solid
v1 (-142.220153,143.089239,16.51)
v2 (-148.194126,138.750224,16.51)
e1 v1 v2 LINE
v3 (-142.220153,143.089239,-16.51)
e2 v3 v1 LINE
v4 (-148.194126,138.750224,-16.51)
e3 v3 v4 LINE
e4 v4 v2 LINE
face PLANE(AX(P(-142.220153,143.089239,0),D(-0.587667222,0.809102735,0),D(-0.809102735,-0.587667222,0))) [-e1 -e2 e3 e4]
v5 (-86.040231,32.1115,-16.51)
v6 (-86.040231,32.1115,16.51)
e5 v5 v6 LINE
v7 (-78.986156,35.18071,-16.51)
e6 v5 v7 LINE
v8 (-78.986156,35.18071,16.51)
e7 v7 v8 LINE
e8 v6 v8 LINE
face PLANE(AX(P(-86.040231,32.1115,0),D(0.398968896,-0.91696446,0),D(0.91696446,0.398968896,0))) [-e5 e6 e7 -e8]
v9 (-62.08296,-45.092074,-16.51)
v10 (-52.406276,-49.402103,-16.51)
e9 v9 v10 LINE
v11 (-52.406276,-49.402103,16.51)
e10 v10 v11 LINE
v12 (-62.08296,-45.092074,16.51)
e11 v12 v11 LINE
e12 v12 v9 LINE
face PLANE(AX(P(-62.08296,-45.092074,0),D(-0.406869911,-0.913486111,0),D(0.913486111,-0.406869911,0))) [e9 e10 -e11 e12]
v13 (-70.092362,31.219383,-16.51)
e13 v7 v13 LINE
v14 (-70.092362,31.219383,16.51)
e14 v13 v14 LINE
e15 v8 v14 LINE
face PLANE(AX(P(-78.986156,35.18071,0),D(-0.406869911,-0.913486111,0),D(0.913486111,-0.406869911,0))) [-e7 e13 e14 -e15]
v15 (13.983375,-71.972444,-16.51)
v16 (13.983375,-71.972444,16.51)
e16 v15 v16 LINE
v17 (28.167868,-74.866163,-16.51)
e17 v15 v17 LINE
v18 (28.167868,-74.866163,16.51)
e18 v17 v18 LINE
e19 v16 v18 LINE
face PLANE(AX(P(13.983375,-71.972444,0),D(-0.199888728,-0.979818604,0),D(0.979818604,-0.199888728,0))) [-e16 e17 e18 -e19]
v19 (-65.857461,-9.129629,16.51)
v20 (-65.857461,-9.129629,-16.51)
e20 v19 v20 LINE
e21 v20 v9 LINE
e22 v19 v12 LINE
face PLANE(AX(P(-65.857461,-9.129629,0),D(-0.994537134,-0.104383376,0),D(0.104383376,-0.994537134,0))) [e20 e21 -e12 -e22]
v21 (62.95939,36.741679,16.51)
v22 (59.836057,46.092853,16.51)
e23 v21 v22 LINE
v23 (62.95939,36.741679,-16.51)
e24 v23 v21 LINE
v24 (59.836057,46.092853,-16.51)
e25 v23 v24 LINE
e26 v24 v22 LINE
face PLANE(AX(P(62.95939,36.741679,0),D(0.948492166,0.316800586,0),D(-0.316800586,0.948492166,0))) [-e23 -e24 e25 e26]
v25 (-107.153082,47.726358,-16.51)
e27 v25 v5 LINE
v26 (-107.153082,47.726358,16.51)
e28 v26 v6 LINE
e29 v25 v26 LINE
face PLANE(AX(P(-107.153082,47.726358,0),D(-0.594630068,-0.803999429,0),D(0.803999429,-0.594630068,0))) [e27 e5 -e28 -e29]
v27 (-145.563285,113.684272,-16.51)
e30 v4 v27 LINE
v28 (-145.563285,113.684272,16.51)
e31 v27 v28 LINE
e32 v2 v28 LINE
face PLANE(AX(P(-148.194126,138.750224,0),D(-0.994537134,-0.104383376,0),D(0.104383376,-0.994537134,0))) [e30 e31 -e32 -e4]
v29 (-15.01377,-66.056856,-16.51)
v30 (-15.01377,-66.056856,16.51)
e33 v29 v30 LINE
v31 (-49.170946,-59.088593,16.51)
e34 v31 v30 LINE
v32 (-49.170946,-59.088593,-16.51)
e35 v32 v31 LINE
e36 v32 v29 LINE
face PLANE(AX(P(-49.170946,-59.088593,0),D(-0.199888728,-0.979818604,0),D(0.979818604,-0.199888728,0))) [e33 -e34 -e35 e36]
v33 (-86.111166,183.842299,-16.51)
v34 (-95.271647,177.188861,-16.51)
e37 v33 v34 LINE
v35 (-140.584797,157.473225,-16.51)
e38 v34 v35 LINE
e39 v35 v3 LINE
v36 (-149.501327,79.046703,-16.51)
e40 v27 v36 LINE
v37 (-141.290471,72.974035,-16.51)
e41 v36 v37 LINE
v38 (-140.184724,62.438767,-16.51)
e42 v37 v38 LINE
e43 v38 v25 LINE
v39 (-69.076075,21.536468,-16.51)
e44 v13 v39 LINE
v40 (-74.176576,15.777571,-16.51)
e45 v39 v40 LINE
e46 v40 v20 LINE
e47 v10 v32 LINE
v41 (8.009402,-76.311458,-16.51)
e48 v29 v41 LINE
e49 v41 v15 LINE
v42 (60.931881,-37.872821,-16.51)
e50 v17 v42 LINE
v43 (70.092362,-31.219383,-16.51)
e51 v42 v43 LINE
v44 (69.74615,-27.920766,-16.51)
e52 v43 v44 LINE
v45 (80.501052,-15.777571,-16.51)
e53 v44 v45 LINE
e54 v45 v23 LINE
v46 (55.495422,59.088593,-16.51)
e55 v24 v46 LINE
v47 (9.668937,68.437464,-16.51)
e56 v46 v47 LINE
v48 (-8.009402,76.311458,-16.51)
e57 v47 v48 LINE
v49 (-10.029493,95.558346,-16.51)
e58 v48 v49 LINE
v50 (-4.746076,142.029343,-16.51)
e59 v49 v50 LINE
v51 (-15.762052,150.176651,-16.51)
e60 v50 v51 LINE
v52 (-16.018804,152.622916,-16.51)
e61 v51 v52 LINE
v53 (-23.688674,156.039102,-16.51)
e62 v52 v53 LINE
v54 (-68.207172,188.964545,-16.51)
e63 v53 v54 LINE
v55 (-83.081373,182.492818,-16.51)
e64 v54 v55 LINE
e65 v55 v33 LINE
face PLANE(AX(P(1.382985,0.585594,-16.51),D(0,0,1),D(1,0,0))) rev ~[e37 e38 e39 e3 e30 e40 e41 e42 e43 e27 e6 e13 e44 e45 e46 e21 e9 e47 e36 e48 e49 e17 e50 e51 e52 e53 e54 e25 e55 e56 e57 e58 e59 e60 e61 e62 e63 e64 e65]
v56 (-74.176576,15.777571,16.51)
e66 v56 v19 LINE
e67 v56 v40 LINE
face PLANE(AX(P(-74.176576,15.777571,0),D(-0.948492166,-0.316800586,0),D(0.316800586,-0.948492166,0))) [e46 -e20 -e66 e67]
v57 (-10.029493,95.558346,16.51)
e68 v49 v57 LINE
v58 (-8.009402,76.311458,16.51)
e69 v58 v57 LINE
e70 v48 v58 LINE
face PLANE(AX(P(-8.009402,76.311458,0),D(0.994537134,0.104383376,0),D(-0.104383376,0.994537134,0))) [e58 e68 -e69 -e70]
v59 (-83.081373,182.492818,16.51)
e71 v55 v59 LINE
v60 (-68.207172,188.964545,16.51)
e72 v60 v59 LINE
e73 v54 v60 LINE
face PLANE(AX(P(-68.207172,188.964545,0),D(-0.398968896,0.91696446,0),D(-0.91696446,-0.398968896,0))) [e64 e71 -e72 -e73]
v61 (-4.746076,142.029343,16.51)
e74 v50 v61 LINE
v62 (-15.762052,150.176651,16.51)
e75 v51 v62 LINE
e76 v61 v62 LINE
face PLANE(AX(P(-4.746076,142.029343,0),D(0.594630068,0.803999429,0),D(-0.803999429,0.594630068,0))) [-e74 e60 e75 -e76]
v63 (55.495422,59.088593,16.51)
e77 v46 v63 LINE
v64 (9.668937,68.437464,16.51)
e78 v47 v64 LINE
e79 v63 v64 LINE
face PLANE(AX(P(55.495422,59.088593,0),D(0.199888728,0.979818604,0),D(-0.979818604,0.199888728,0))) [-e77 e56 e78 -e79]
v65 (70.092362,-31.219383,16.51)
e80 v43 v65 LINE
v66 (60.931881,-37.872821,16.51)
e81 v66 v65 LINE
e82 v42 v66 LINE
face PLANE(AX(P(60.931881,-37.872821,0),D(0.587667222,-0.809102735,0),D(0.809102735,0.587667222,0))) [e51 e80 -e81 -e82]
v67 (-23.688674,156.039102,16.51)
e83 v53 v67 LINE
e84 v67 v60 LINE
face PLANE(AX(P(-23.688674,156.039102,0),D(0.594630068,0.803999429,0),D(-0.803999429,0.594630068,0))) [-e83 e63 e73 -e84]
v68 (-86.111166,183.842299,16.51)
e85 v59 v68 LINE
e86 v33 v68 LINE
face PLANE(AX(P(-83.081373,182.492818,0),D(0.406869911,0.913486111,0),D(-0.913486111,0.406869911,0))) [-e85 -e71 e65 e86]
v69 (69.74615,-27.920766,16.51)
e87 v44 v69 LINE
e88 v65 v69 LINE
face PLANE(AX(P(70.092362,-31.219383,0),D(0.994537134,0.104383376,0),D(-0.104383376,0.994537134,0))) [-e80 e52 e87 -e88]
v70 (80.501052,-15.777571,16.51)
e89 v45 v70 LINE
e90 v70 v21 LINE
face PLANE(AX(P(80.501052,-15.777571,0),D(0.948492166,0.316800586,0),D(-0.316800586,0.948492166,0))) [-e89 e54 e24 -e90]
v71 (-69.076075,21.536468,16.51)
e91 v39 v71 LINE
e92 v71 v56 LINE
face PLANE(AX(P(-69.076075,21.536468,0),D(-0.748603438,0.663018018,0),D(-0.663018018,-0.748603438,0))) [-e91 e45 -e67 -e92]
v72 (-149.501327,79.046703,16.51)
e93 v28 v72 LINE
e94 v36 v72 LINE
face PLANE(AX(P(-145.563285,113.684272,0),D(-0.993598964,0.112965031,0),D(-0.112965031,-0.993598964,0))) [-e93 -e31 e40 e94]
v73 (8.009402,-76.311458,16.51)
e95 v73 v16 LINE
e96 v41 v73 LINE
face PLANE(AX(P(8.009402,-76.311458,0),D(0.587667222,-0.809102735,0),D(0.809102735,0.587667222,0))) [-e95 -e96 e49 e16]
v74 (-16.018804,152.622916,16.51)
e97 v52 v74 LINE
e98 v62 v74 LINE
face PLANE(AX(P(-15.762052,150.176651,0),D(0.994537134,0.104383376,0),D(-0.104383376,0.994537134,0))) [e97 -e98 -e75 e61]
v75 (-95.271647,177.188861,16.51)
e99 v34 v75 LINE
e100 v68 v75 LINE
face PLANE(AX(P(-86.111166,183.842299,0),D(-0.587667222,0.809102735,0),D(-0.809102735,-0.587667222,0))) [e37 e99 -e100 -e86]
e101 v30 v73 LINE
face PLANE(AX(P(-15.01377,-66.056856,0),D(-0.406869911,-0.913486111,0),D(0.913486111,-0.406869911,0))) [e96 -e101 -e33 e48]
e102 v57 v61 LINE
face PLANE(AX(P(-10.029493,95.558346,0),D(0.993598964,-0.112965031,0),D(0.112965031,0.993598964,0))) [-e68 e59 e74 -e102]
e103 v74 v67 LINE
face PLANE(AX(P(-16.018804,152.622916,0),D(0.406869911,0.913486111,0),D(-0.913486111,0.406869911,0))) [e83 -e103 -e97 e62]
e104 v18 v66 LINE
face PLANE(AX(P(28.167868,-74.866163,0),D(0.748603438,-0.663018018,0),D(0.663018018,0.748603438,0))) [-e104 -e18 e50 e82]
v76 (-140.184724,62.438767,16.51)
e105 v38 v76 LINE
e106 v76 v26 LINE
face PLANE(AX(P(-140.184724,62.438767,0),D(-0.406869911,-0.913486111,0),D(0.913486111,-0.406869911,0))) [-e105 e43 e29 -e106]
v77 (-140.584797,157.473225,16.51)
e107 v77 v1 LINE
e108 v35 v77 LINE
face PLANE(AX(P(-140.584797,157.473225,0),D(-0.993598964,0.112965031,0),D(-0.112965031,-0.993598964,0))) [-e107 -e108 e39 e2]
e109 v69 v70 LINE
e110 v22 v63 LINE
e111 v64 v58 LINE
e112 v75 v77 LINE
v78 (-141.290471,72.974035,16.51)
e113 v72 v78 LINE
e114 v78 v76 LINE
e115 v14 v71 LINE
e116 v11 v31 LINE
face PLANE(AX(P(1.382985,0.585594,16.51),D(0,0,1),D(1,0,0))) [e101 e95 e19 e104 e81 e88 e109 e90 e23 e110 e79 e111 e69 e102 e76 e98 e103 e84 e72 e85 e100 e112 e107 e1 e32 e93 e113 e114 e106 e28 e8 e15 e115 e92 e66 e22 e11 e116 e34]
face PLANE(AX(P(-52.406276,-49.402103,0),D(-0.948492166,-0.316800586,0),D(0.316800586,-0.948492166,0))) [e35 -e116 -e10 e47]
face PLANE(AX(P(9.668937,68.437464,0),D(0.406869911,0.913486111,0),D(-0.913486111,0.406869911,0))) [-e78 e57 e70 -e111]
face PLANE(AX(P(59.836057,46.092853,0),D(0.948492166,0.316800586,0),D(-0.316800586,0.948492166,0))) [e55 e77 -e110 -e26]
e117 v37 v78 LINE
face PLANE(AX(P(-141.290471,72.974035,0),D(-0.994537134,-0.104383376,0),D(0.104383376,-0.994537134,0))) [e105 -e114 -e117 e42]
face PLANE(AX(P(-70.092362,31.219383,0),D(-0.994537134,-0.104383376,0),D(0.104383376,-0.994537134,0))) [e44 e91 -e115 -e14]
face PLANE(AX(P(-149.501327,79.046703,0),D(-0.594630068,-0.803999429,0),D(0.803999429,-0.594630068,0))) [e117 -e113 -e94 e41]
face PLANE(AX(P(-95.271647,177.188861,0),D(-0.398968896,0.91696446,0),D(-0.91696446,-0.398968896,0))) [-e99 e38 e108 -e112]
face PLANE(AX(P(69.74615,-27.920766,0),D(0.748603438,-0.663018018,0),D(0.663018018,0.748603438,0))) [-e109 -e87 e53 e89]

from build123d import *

# Parameters (mm, degrees)
F1_DEPTH = 16.51


with BuildPart() as f1:
    # F0 (on Top) → F1 (new body, symmetric)
    with BuildSketch(Plane.XY):
        Polygon((-43.2022629814, 50.7501908872), (-69.0760747511, 21.5364682934), (-65.8574610849, -9.12962939), (-52.4062764106, -49.4021031564), (-15.0137703335, -66.056856252), (13.9833751011, -71.9724435679), (60.931880822, -37.8728209036), (69.7461497786, -27.9207655027), (62.9593903875, 36.7416786496), (59.8360567226, 46.0928529982), (9.6689373355, 68.4374635784), (-12.5965162954, 72.9797463827), (-13.6626050694, 63.6028206506), align=None)
        Polygon((-78.9861560003, 35.1807103661), (-43.2022629814, 50.7501908872), (-21.8433921577, 74.8661631573), (-12.5965162954, 72.9797463827), (-10.0294925226, 95.5583457063), (-15.7620518159, 150.1766508204), (-23.6886737819, 156.0391024482), (-83.0813727841, 182.4928184823), (-95.2716468802, 177.1888613364), (-142.220152601, 143.089238672), (-145.5632851016, 113.6842717152), (-141.2904713377, 72.9740349935), (-107.1530824622, 47.7263580079), align=None)
        Polygon((-83.0813727841, 182.4928184823), (-23.6886737819, 156.0391024482), (-68.2071715749, 188.9645454649), align=None)
        Polygon((-15.0137703335, -66.056856252), (-52.4062764106, -49.4021031564), (-49.1709460267, -59.0885925748), align=None)
        Polygon((-149.5013266736, 79.0467028255), (-141.2904713377, 72.9740349935), (-145.5632851016, 113.6842717152), align=None)
        Polygon((80.5010523295, -15.7775705825), (62.9593903875, 36.7416786496), (69.7461497786, -27.9207655027), align=None)
        Polygon((60.931880822, -37.8728209036), (13.9833751011, -71.9724435679), (28.1678682545, -74.8661631573), align=None)
        Polygon((-140.1847239179, 62.4387667364), (-107.1530824622, 47.7263580079), (-141.2904713377, 72.9740349935), align=None)
        Polygon((-52.4062764106, -49.4021031564), (-65.8574610849, -9.12962939), (-62.0829600668, -45.0920743836), align=None)
        Polygon((-15.7620518159, 150.1766508204), (-10.0294925226, 95.5583457063), (-4.7460755383, 142.0293431352), align=None)
        Polygon((-70.0923619589, 31.2193833682), (-69.0760747511, 21.5364682934), (-43.2022629814, 50.7501908872), align=None)
        Polygon((-12.5965162954, 72.9797463827), (-43.2022629814, 50.7501908872), (-13.6626050694, 63.6028206506), align=None)
        Polygon((-140.5847971426, 157.4732253101), (-142.220152601, 143.089238672), (-95.2716468802, 177.1888613364), align=None)
        Polygon((-69.0760747511, 21.5364682934), (-74.1765762328, 15.7775705825), (-65.8574610849, -9.12962939), align=None)
        Polygon((-86.040230637, 32.1115004958), (-78.9861560003, 35.1807103661), (-107.1530824622, 47.7263580079), align=None)
        Polygon((-21.8433921577, 74.8661631573), (-43.2022629814, 50.7501908872), (-12.5965162954, 72.9797463827), align=None)
        Polygon((-70.0923619589, 31.2193833682), (-43.2022629814, 50.7501908872), (-78.9861560003, 35.1807103661), align=None)
        Polygon((-10.0294925226, 95.5583457063), (-12.5965162954, 72.9797463827), (-8.0094018921, 76.3114577518), align=None)
        Polygon((55.4954221234, 59.0885925748), (9.6689373355, 68.4374635784), (59.8360567226, 46.0928529982), align=None)
        Polygon((-8.0094018921, 76.3114577518), (-12.5965162954, 72.9797463827), (9.6689373355, 68.4374635784), align=None)
        Polygon((69.7461497786, -27.9207655027), (60.931880822, -37.8728209036), (70.0923619589, -31.2193833682), align=None)
        Polygon((13.9833751011, -71.9724435679), (-15.0137703335, -66.056856252), (8.0094018921, -76.3114577518), align=None)
        Polygon((-148.19412581, 138.7502244882), (-145.5632851016, 113.6842717152), (-142.220152601, 143.089238672), align=None)
        Polygon((-95.2716468802, 177.1888613364), (-83.0813727841, 182.4928184823), (-86.1111657432, 183.8422988718), align=None)
        Polygon((-23.6886737819, 156.0391024482), (-15.7620518159, 150.1766508204), (-16.0188037843, 152.6229155036), align=None)
    extrude(amount=F1_DEPTH, both=True)


solid = f1.part
